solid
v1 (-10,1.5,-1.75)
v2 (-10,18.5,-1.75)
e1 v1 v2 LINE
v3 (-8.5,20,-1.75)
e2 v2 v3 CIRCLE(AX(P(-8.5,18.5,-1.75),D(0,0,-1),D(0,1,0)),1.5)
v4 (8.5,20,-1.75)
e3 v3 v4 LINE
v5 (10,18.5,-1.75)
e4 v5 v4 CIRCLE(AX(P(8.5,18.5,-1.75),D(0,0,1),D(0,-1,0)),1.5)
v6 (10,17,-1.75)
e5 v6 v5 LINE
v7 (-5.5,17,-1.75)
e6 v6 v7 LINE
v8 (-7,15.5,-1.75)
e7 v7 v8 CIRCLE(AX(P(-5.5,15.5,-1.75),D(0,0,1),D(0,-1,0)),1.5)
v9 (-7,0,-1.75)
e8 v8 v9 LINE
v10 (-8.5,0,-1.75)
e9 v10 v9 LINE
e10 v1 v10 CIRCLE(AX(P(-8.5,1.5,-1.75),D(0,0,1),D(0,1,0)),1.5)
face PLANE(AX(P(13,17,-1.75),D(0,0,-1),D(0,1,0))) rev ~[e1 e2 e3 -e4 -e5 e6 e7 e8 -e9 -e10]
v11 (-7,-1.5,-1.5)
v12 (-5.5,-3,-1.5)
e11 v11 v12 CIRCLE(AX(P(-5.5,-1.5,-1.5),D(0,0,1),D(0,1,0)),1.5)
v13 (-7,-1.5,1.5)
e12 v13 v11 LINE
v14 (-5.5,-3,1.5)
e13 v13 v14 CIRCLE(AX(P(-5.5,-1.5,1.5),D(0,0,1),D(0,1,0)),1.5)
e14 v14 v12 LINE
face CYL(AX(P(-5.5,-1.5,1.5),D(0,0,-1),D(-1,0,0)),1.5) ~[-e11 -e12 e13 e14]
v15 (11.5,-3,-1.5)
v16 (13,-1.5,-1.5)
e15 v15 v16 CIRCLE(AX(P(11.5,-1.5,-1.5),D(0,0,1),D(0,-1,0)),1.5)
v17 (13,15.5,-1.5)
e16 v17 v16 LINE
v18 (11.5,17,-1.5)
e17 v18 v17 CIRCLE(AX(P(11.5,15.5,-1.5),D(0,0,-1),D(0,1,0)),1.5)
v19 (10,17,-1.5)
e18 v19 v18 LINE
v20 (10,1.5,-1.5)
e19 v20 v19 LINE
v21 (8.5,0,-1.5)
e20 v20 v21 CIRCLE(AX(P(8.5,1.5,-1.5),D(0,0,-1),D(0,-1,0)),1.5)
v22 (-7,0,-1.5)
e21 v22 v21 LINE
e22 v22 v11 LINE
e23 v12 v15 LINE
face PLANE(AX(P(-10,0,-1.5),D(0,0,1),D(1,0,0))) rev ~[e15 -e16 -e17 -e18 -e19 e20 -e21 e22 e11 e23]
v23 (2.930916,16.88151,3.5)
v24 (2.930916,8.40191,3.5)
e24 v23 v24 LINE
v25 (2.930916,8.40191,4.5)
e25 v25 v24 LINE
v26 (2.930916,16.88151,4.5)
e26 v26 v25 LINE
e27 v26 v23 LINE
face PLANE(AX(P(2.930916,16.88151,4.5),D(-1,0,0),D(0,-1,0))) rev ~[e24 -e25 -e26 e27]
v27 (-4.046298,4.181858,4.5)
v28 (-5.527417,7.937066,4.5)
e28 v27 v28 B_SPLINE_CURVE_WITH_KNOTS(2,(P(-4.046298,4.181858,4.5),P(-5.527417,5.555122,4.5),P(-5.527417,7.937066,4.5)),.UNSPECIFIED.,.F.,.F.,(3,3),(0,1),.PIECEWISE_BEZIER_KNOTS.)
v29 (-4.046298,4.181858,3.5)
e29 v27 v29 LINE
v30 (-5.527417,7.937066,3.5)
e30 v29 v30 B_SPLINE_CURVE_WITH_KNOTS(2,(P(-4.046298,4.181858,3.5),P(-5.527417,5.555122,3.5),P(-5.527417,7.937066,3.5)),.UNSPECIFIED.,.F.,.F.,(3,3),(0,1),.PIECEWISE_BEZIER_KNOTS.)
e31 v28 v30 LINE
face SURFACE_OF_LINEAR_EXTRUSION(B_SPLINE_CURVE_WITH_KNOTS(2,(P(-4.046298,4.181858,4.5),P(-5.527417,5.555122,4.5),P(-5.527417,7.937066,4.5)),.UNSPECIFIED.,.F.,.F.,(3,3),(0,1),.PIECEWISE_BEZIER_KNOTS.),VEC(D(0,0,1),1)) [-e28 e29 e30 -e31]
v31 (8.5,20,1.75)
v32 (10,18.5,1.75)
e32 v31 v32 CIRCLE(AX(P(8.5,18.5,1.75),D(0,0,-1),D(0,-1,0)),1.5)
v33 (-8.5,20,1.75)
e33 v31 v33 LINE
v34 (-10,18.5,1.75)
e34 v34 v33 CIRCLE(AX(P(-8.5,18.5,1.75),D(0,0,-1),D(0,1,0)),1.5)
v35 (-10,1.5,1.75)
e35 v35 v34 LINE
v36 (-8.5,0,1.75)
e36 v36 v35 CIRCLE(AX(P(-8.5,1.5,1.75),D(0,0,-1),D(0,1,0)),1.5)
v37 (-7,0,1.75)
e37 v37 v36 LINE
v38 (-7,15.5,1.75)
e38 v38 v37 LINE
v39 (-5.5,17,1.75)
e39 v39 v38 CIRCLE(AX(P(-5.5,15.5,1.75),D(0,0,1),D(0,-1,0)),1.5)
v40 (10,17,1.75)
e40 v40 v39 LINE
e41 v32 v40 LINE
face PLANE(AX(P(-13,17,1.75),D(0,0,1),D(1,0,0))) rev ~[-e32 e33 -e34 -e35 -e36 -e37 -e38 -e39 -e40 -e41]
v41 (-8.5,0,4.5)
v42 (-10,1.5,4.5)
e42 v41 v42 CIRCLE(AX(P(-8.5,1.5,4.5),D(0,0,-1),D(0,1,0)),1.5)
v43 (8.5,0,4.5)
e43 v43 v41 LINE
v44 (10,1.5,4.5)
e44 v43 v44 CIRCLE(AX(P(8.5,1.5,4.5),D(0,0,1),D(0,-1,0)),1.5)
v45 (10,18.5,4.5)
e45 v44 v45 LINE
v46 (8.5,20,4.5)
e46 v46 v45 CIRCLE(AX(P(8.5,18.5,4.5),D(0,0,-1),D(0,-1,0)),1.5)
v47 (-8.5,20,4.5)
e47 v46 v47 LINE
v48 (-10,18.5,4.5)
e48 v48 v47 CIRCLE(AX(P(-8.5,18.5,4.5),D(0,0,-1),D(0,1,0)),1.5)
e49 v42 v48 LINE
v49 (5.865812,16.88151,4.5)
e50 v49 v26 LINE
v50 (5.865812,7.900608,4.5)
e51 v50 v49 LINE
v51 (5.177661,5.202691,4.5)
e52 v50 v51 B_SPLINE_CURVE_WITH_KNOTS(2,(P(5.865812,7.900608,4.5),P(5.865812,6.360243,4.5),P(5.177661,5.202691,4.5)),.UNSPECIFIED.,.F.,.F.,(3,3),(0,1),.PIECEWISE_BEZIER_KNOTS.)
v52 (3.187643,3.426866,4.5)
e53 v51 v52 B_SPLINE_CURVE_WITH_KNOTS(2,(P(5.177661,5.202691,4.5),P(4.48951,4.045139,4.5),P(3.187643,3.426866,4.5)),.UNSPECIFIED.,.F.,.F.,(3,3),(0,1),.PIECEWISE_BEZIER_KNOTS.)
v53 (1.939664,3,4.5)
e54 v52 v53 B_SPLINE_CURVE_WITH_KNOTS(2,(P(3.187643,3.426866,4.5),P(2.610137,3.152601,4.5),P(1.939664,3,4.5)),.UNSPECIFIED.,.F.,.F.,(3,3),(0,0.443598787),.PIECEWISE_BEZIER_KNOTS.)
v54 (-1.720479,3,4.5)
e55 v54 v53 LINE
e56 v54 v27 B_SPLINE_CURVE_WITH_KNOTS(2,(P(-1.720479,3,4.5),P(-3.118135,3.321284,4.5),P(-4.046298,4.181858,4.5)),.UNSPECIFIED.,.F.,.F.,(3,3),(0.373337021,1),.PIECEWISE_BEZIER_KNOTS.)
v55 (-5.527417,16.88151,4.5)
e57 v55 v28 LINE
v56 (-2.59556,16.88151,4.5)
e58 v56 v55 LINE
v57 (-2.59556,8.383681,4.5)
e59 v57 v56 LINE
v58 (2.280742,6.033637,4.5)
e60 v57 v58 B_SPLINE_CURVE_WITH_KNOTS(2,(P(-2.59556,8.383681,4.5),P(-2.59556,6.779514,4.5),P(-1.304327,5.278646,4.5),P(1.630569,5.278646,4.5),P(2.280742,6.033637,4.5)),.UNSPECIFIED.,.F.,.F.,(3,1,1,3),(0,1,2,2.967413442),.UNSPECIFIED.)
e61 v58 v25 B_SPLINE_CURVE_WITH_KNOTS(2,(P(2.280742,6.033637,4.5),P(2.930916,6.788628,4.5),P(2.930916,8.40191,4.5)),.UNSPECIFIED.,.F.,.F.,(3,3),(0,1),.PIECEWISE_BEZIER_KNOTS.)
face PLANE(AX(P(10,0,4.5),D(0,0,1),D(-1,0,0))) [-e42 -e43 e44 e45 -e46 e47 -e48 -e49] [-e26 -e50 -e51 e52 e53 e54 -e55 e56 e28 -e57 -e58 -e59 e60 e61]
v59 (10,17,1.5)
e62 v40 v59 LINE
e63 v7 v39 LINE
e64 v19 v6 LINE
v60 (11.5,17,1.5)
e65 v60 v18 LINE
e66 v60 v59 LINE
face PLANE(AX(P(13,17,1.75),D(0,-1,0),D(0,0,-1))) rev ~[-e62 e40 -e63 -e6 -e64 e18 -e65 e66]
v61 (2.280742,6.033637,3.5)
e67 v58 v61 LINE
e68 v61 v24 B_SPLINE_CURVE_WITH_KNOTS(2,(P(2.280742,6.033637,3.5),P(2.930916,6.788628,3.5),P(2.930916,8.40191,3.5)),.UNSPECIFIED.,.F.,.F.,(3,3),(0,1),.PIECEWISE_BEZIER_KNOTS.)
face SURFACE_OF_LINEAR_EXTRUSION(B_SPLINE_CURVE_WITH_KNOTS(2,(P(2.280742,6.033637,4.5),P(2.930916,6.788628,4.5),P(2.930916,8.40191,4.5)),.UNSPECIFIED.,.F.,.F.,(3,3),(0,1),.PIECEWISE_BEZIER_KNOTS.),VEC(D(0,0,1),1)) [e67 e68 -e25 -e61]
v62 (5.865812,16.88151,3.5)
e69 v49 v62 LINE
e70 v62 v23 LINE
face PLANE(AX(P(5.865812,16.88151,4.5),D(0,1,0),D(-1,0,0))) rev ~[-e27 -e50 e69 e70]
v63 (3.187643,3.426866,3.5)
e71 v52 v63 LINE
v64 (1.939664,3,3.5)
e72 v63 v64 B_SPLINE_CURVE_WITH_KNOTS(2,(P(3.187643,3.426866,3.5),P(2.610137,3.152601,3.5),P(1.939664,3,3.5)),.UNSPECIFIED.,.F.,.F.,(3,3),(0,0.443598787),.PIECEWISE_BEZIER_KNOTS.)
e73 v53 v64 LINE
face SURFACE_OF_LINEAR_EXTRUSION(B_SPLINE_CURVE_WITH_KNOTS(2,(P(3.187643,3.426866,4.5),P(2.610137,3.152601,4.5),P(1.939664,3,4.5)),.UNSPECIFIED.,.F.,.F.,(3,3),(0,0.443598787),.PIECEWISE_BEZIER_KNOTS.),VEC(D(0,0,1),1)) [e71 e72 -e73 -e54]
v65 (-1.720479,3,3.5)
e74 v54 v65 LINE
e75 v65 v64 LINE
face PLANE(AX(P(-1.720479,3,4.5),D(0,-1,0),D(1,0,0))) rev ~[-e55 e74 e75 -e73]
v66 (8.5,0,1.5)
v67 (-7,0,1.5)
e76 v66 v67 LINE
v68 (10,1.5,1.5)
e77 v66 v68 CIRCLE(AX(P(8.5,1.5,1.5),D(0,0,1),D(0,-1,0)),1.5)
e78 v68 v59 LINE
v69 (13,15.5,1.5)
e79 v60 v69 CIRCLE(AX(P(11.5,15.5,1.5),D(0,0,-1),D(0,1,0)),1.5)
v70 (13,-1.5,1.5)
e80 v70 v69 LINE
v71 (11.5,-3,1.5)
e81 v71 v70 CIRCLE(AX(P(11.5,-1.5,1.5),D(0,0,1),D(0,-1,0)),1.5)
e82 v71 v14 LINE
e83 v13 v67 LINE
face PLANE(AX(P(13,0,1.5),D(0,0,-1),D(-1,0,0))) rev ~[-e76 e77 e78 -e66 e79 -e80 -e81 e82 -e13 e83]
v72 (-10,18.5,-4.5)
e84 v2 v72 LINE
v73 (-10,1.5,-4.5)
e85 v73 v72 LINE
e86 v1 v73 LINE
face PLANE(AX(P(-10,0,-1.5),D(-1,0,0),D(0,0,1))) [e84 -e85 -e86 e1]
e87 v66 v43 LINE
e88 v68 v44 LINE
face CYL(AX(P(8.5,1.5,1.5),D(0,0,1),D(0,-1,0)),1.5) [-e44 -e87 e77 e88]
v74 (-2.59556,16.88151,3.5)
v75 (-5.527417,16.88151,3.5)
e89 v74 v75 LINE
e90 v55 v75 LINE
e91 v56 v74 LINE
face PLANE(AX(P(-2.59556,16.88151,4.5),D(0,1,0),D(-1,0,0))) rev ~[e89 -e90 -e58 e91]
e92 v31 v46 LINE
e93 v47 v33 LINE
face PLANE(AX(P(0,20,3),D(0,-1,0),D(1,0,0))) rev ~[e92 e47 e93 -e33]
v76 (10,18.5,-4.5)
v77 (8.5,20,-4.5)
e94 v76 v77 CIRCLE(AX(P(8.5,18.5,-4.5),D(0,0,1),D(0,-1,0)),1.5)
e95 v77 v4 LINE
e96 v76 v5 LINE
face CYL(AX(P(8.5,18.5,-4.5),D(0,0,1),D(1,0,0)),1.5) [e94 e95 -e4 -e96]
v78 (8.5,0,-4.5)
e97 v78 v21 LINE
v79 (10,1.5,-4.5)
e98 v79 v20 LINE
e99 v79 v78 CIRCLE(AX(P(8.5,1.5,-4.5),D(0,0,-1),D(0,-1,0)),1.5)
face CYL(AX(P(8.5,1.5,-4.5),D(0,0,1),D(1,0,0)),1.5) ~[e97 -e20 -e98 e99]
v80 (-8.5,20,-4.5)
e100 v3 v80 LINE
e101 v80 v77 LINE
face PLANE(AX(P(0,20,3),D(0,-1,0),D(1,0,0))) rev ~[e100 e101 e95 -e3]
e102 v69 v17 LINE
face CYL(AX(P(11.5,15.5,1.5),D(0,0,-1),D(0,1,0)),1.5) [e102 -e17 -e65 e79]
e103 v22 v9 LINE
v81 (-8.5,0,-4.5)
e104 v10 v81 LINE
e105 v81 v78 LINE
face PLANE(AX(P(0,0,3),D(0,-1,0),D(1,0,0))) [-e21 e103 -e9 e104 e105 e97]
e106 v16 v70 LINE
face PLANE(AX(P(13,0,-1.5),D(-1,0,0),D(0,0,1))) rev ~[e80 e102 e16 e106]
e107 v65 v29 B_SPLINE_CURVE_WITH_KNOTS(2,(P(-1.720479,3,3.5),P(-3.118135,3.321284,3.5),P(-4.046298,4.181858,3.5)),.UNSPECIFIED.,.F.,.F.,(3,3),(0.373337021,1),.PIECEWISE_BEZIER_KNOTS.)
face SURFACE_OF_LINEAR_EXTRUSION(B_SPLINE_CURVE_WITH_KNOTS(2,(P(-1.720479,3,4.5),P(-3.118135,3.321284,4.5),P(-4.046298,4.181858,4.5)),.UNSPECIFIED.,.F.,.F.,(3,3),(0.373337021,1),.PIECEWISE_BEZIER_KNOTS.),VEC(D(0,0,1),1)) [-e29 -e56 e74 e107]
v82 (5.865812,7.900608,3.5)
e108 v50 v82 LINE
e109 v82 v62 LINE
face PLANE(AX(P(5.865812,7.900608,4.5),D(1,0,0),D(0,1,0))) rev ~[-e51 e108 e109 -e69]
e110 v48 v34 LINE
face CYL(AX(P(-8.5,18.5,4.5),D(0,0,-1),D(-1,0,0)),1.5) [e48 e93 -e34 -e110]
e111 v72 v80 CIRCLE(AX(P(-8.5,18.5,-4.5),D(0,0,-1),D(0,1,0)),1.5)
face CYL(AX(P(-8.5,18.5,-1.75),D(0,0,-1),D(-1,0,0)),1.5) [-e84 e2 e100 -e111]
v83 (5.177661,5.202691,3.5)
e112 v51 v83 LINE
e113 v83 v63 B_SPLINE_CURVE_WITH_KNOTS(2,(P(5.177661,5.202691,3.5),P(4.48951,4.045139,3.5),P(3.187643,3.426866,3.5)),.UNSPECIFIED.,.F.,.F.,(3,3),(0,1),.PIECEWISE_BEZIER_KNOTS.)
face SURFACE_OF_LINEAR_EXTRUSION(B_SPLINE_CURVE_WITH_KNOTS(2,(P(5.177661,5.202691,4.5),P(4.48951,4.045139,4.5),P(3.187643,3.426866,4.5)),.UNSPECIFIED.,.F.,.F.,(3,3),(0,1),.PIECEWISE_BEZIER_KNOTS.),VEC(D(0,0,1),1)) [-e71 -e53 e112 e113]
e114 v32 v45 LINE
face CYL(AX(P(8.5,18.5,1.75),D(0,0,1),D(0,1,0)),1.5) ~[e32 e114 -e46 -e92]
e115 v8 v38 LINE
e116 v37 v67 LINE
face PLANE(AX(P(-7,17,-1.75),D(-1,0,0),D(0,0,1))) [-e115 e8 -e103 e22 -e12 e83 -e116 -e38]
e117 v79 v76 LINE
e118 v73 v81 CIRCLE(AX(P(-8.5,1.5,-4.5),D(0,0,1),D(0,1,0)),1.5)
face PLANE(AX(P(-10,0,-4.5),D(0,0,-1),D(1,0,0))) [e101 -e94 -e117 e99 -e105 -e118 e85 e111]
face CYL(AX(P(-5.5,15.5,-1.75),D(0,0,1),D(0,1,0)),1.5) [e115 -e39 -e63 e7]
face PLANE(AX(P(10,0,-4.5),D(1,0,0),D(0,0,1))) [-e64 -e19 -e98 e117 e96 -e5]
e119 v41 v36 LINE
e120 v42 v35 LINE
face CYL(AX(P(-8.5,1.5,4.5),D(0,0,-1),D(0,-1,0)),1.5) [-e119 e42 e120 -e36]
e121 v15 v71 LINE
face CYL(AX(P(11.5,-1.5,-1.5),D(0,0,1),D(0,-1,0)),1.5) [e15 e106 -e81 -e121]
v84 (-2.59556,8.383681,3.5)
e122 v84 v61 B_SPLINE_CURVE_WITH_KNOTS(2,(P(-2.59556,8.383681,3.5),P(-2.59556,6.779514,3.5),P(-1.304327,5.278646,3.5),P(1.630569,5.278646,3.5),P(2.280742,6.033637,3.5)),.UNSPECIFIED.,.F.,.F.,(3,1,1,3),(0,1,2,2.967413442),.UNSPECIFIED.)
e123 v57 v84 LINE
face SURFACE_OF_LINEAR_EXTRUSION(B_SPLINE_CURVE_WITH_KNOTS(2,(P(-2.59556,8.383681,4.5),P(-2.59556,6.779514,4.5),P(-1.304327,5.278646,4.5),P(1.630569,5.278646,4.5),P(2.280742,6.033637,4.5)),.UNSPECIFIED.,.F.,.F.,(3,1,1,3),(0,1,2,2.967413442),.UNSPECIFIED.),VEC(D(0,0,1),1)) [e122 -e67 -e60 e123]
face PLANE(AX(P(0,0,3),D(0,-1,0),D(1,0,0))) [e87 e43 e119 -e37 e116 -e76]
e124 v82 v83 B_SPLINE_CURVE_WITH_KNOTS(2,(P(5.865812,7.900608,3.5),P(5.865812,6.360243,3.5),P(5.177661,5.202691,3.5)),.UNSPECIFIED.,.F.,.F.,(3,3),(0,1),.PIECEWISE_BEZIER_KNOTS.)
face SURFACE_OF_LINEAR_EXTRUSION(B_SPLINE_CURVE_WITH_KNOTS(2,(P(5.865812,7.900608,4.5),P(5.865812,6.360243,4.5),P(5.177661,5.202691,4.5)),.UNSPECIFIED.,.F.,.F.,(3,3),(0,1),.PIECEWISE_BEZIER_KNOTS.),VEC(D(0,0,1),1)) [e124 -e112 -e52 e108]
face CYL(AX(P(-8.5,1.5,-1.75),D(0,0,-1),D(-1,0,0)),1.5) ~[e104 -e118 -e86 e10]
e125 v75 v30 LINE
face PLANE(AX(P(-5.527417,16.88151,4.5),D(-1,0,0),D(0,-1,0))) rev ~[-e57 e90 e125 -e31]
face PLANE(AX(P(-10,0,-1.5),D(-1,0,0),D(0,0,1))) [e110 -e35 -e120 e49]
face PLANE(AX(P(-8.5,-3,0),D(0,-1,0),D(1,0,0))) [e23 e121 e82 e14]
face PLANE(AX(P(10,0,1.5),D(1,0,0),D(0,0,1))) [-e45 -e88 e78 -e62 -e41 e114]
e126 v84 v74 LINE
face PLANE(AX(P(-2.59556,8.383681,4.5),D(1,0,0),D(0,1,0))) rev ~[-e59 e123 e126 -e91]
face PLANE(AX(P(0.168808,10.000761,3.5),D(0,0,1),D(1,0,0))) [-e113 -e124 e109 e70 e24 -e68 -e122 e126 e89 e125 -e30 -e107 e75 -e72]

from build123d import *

# Parameters (mm, degrees)
F0_W     = 14
F0_H     = 3
F0_W_2   = 3
F1_DEPTH = 20
F2_DEPTH = 3
F3_W     = 3
F3_H     = 3
F4_DEPTH = 100
F5_W     = 3
F5_H     = 3.5
F6_DEPTH = 100
F7_R     = 1.5
F9_DEPTH = 1


with BuildPart() as f1:
    # F0 (on Front) → F1 (new body)
    with BuildSketch(Plane.XZ):
        Polygon((10, 1.5), (10, 4.5), (-10, 4.5), (-10, 1.5), (-7, 1.5), (7, 1.5), align=None)
        Rectangle(F0_W, F0_H)
        with Locations((11.5, 0)):
            Rectangle(F0_W_2, F0_H)
        with Locations((8.5, 0)):
            Rectangle(F0_W_2, F0_H)
        with Locations((-8.5, 0)):
            Rectangle(F0_W_2, F0_H)
        Polygon((10, -4.5), (10, -1.5), (7, -1.5), (-7, -1.5), (-10, -1.5), (-10, -4.5), align=None)
    extrude(amount=-F1_DEPTH)

    # F0 (on Front) → F2 (join)
    with BuildSketch(Plane.XZ):
        with Locations((-8.5, 0)):
            Rectangle(F0_W_2, F0_H)
        Rectangle(F0_W, F0_H)
        with Locations((8.5, 0)):
            Rectangle(F0_W_2, F0_H)
        with Locations((11.5, 0)):
            Rectangle(F0_W_2, F0_H)
    extrude(amount=F2_DEPTH)

    # F3 (on face) → F4 (cut)
    with BuildSketch(Plane.YZ.offset(13)):
        Polygon((23, -1.75), (23, 1.75), (17, 1.75), (17, 1.5), (20, 1.5), (20, -1.5), (17, -1.5), (17, -1.75), align=None)
        with Locations((18.5, 0)):
            Rectangle(F3_W, F3_H)
    extrude(amount=-F4_DEPTH, mode=Mode.SUBTRACT)

    # F5 (on face) → F6 (cut)
    with BuildSketch(Plane(origin=(0, 17, 0), x_dir=(-1, 0, 0), z_dir=(0, 1, 0))):
        with Locations((11.5, 0)):
            Rectangle(F5_W, F5_H)
        with Locations((8.5, 0)):
            Rectangle(F5_W, F5_H)
    extrude(amount=-F6_DEPTH, mode=Mode.SUBTRACT)

    # F7
    f7_edges = [f1.edges().sort_by_distance(p)[0] for p in [
        (-7, -3, 0),
        (13, -3, 0),
        (10, 0, 3),
        (10, 0, -3),
        (-10, 0, -3.125),
        (-10, 0, 3.125),
        (-7, 17, 0),
        (-10, 20, 3.125),
        (-10, 20, -3.125),
        (13, 17, 0),
        (10, 20, 3.125),
        (10, 20, -3.125),
    ]]
    fillet(f7_edges, radius=F7_R)

    # F8 (on face) → F9 (cut)
    with BuildSketch(Plane.XY.offset(4.5)):
        with BuildLine():
            Line((-1.7204794807, 3), (1.9396642309, 3))
            add(Edge.make_bspline(
                [(3.1876434099, 3.4268663194), (2.6101370894, 3.1526013575), (1.9396642309, 3)],
                knots=[0, 0, 0, 0.4435987872, 0.4435987872, 0.4435987872], degree=2))
            add(Edge.make_bspline(
                [(5.177660771, 5.2026909722), (4.4895097293, 4.0451388889), (3.1876434099, 3.4268663194)],
                knots=[0, 0, 0, 1, 1, 1], degree=2))
            add(Edge.make_bspline(
                [(5.8658118126, 7.9006076389), (5.8658118126, 6.3602430556), (5.177660771, 5.2026909722)],
                knots=[0, 0, 0, 1, 1, 1], degree=2))
            Line((5.8658118126, 7.9006076389), (5.8658118126, 16.8815104167))
            Line((5.8658118126, 16.8815104167), (2.9309159793, 16.8815104167))
            Line((2.9309159793, 16.8815104167), (2.9309159793, 8.4019097222))
            add(Edge.make_bspline(
                [(2.2807423682, 6.0336371528), (2.9309159793, 6.7886284722), (2.9309159793, 8.4019097222)],
                knots=[0, 0, 0, 1, 1, 1], degree=2))
            add(Edge.make_bspline(
                [(0.187426396, 5.2786458333), (1.6305687571, 5.2786458333), (2.2807423682, 6.0336371528)],
                knots=[0, 0, 0, 1, 1, 1], degree=2))
            add(Edge.make_bspline(
                [(-1.9499433957, 6.0290798611), (-1.3043270763, 5.2786458333), (0.187426396, 5.2786458333)],
                knots=[0, 0, 0, 1, 1, 1], degree=2))
            add(Edge.make_bspline(
                [(-2.5955597151, 8.3836805556), (-2.5955597151, 6.7795138889), (-1.9499433957, 6.0290798611)],
                knots=[0, 0, 0, 1, 1, 1], degree=2))
            Line((-2.5955597151, 8.3836805556), (-2.5955597151, 16.8815104167))
            Line((-2.5955597151, 16.8815104167), (-5.527417354, 16.8815104167))
            Line((-5.527417354, 16.8815104167), (-5.527417354, 7.9370659722))
            add(Edge.make_bspline(
                [(-4.0462975624, 4.1818576389), (-5.527417354, 5.5551215278), (-5.527417354, 7.9370659722)],
                knots=[0, 0, 0, 1, 1, 1], degree=2))
            add(Edge.make_bspline(
                [(-1.7204794807, 3), (-3.1181346209, 3.3212839988), (-4.0462975624, 4.1818576389)],
                knots=[0.3733370206, 0.3733370206, 0.3733370206, 1, 1, 1], degree=2))
        make_face()
    extrude(amount=-F9_DEPTH, mode=Mode.SUBTRACT)


solid = f1.part
